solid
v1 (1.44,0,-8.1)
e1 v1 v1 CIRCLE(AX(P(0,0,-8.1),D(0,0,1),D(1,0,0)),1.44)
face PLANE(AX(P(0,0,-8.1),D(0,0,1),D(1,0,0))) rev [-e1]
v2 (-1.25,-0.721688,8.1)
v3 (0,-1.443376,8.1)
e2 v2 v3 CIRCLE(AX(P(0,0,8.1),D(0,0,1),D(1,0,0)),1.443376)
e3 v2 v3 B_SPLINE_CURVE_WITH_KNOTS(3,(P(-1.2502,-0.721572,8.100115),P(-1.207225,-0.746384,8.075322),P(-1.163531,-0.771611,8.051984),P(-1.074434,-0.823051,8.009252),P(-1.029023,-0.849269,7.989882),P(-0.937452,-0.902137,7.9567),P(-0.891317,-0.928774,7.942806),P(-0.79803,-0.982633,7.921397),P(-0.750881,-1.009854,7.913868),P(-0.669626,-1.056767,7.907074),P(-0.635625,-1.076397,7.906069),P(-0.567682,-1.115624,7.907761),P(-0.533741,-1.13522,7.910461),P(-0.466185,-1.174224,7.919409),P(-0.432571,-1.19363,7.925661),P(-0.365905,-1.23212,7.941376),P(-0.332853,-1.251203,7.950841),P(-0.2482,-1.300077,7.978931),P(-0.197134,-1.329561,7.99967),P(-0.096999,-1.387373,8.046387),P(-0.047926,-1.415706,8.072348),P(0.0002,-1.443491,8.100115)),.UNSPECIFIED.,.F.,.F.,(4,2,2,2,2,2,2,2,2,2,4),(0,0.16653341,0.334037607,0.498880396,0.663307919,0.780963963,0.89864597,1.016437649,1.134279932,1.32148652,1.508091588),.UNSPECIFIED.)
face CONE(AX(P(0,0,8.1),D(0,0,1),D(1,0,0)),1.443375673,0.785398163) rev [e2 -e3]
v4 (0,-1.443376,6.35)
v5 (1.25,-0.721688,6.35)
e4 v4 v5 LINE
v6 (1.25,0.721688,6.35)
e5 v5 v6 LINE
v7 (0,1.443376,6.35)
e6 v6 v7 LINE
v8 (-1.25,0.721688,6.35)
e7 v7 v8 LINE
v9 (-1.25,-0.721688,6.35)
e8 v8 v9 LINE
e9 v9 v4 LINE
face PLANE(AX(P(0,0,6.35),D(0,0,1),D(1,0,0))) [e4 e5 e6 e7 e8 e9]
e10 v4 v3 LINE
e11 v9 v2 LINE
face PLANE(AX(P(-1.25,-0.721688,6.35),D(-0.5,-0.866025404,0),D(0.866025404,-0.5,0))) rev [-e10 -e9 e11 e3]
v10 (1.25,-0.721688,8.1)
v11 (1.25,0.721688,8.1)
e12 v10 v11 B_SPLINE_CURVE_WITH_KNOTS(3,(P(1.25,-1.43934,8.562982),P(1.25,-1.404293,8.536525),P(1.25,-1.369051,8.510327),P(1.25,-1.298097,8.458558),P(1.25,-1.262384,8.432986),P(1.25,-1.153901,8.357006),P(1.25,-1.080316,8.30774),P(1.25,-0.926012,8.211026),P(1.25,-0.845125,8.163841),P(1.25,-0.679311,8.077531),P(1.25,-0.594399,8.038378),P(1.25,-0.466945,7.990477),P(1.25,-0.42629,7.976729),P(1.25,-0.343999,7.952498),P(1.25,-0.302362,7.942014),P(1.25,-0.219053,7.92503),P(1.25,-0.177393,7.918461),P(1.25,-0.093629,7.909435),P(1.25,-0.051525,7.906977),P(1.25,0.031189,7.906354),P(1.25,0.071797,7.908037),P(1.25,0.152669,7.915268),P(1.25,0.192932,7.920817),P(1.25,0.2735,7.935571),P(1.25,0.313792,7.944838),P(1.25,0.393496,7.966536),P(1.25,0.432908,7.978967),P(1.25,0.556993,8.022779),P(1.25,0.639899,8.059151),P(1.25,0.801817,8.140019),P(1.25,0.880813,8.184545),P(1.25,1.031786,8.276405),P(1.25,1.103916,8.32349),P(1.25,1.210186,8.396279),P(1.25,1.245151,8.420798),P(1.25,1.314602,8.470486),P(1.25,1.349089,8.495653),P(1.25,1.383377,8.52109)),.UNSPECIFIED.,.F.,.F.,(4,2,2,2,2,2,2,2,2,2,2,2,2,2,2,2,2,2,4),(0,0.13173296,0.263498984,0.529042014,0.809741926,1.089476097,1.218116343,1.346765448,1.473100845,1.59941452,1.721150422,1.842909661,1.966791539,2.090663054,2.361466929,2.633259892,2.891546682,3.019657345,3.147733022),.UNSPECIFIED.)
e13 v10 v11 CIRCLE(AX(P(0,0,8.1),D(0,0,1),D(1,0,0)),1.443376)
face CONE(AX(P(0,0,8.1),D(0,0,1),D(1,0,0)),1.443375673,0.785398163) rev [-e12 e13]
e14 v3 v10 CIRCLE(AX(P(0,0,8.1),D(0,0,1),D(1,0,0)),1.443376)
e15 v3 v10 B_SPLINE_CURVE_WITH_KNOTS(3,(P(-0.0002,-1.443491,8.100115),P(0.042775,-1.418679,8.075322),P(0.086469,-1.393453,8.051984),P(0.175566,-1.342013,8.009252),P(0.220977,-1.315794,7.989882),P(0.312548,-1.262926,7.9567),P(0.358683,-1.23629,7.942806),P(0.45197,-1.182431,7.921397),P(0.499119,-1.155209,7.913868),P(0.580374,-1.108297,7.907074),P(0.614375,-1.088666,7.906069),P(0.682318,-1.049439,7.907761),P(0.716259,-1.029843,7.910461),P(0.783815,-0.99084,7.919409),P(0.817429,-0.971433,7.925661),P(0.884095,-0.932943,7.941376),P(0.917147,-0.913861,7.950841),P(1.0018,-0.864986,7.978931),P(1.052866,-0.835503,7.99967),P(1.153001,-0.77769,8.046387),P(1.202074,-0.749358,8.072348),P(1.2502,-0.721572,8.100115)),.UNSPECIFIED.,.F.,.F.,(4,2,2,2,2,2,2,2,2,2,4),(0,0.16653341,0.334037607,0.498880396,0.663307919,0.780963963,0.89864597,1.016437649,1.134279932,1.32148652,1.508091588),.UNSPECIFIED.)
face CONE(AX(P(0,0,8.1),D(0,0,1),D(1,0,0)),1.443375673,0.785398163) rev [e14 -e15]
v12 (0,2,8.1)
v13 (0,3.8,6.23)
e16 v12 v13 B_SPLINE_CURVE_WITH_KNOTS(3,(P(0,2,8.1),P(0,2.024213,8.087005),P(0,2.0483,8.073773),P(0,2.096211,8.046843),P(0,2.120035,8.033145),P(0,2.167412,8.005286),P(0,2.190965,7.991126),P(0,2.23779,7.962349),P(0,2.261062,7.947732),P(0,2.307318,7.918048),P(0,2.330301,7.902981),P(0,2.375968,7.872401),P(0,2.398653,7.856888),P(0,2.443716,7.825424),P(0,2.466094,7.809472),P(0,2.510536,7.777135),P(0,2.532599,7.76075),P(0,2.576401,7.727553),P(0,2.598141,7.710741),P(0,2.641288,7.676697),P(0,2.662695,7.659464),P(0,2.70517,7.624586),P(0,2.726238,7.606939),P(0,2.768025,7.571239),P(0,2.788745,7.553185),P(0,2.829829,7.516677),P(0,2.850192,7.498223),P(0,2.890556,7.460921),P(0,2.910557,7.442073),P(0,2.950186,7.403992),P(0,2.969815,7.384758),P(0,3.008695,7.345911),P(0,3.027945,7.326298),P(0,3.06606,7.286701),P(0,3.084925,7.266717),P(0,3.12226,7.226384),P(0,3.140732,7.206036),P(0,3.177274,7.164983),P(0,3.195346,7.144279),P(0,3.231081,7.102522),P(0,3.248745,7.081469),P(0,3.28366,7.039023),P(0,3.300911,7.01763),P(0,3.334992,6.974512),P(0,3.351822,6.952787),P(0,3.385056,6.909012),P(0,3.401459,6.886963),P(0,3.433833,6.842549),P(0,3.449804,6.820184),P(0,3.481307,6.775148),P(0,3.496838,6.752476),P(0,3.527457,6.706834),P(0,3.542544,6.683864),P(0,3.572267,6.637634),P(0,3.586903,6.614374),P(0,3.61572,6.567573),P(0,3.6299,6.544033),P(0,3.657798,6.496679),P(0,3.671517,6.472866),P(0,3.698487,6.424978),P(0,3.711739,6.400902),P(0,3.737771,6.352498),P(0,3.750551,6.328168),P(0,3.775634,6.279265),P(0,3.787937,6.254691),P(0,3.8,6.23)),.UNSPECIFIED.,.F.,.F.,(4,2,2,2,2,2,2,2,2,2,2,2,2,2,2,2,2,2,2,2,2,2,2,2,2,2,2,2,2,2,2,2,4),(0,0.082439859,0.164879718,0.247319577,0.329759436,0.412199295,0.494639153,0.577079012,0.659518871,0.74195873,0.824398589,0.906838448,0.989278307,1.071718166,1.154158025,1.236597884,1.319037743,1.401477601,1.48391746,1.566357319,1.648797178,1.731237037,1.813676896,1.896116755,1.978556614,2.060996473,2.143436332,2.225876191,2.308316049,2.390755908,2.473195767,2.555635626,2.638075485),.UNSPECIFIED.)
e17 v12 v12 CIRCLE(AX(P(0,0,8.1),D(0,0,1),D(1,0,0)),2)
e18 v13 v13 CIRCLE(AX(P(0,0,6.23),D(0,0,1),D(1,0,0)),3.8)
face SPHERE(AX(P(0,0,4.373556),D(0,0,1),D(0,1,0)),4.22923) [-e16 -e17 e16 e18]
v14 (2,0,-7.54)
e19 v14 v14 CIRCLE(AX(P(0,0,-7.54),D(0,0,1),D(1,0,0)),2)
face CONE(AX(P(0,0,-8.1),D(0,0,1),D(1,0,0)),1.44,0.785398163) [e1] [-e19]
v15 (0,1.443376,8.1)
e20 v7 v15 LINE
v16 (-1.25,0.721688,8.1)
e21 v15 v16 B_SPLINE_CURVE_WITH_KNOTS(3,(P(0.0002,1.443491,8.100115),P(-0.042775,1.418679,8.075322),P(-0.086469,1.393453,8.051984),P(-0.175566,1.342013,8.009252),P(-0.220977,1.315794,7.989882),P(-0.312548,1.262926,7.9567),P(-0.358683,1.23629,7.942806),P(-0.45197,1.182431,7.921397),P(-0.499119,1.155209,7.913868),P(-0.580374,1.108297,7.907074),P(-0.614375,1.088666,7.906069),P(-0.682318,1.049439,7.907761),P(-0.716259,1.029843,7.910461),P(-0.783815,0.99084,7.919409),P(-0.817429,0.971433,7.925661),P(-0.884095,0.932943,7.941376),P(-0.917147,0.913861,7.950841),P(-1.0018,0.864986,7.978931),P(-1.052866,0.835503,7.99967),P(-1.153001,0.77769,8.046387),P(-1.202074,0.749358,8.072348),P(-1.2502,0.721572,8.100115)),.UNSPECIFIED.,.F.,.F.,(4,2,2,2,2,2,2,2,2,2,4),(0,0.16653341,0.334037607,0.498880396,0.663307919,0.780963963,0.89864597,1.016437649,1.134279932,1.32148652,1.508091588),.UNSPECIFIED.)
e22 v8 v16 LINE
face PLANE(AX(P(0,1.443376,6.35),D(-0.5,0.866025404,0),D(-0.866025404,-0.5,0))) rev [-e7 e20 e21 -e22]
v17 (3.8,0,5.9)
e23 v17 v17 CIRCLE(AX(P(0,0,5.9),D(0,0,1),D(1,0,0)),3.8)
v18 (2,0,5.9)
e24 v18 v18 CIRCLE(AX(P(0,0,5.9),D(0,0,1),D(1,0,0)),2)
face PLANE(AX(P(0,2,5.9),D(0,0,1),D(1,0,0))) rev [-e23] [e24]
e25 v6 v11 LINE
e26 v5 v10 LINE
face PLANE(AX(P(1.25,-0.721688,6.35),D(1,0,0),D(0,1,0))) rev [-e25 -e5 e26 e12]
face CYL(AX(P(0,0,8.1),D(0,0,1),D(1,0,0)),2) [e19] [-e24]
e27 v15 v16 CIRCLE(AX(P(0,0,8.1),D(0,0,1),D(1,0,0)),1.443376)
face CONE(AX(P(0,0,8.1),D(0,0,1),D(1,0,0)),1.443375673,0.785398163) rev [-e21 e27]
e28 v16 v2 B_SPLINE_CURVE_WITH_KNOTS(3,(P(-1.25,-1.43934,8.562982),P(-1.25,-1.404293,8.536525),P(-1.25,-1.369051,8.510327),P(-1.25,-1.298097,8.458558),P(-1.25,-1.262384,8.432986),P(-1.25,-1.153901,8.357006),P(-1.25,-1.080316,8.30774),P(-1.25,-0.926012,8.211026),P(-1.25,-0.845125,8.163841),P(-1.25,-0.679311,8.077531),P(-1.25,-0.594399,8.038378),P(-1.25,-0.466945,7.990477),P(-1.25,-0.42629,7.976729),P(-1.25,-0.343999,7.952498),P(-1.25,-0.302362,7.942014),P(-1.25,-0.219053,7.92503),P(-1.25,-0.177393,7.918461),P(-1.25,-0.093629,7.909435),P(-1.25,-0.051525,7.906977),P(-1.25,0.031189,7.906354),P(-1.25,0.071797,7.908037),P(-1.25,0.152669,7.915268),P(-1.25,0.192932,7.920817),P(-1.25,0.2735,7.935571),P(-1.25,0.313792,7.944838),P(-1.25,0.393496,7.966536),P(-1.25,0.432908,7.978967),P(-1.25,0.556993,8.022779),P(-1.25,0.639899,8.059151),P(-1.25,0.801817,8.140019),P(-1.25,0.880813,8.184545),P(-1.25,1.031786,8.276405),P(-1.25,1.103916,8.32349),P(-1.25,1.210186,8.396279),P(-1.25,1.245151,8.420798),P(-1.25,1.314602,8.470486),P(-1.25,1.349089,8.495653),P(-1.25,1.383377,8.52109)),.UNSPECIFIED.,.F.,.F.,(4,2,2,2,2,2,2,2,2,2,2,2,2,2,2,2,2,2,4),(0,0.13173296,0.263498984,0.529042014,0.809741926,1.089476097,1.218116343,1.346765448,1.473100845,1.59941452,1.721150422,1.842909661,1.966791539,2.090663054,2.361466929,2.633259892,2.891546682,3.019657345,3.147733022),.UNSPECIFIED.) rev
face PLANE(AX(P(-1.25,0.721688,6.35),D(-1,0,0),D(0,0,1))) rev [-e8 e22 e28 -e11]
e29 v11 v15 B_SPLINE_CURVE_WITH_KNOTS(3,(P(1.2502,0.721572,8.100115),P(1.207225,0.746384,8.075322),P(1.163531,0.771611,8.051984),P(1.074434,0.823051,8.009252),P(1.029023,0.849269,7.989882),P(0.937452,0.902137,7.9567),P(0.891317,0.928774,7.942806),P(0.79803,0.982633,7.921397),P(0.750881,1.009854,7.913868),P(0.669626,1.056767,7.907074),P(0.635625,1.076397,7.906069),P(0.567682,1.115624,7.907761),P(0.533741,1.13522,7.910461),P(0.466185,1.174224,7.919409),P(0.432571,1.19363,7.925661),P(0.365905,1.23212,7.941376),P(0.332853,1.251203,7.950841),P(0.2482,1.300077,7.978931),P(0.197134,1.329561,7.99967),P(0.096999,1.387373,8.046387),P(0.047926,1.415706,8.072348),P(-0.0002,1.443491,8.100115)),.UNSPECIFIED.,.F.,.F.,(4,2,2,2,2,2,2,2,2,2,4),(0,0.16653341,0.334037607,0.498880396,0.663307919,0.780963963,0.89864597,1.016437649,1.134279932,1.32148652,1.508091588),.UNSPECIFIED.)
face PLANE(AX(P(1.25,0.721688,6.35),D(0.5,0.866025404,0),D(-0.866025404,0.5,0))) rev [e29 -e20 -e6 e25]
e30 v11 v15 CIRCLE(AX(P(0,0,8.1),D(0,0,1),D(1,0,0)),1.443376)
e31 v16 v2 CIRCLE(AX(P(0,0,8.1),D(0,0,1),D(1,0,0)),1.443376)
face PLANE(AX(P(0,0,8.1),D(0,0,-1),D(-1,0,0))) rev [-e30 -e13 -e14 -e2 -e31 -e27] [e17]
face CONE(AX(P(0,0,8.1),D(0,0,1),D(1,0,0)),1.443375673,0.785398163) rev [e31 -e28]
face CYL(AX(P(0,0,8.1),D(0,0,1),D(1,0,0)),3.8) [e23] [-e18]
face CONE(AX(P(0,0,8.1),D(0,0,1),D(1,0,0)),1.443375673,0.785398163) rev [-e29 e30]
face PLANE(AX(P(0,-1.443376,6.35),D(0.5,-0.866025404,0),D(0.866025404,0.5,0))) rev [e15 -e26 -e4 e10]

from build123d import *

# Parameters (mm, degrees)
CUT_EXTRUDE1_DEPTH = 1.75


with BuildPart() as part:
    # Sketch2 → Revolve1 (revolve)
    with BuildSketch(Plane(origin=(0, 0, 0), x_dir=(0, 0, -1), z_dir=(1, 0, 0)), mode=Mode.PRIVATE) as revolve1_sk:
        with BuildLine():
            Line((-8.1, 0), (8.1, 0))
            Line((8.1, 0), (8.1, 1.44))
            Line((8.1, 1.44), (7.54, 2))
            Line((7.54, 2), (-5.9, 2))
            Line((-5.9, 2), (-5.9, 3.8))
            Line((-5.9, 3.8), (-6.23, 3.8))
            ThreePointArc((-6.23, 3.8), (-7.306499853, 3.047002626), (-8.1, 2))
            Line((-8.1, 2), (-8.1, 0))
        make_face()
    revolve(revolve1_sk.sketch.rotate(Axis((0, 0, 8.1), (0, 0, -1)), 90), axis=Axis((0, 0, 8.1), (0, 0, -1)))

    # Sketch3 → Cut-Extrude1 (cut)
    with BuildSketch(Plane.XY.offset(8.1)):
        Polygon((0, 1.443375673), (-1.25, 0.721687836), (-1.25, -0.721687836), (0, -1.443375673), (1.25, -0.721687836), (1.25, 0.721687836), align=None)
    extrude(amount=-CUT_EXTRUDE1_DEPTH, mode=Mode.SUBTRACT)

    # Cut-Extrude2 cone 1 section (through the dimple's axis) → Cut-Extrude2 (revolve, cut)
    with BuildSketch(Plane(origin=(0, 0, 8.1), x_dir=(0, -1, 0), z_dir=(1, 0, 0))):
        Polygon((0, 0), (1.443375673, 0), (0, 1.443375673), align=None)
    revolve(axis=Axis((0, 0, 8.1), (0, 0, -1)), mode=Mode.SUBTRACT)


solid = part.part
